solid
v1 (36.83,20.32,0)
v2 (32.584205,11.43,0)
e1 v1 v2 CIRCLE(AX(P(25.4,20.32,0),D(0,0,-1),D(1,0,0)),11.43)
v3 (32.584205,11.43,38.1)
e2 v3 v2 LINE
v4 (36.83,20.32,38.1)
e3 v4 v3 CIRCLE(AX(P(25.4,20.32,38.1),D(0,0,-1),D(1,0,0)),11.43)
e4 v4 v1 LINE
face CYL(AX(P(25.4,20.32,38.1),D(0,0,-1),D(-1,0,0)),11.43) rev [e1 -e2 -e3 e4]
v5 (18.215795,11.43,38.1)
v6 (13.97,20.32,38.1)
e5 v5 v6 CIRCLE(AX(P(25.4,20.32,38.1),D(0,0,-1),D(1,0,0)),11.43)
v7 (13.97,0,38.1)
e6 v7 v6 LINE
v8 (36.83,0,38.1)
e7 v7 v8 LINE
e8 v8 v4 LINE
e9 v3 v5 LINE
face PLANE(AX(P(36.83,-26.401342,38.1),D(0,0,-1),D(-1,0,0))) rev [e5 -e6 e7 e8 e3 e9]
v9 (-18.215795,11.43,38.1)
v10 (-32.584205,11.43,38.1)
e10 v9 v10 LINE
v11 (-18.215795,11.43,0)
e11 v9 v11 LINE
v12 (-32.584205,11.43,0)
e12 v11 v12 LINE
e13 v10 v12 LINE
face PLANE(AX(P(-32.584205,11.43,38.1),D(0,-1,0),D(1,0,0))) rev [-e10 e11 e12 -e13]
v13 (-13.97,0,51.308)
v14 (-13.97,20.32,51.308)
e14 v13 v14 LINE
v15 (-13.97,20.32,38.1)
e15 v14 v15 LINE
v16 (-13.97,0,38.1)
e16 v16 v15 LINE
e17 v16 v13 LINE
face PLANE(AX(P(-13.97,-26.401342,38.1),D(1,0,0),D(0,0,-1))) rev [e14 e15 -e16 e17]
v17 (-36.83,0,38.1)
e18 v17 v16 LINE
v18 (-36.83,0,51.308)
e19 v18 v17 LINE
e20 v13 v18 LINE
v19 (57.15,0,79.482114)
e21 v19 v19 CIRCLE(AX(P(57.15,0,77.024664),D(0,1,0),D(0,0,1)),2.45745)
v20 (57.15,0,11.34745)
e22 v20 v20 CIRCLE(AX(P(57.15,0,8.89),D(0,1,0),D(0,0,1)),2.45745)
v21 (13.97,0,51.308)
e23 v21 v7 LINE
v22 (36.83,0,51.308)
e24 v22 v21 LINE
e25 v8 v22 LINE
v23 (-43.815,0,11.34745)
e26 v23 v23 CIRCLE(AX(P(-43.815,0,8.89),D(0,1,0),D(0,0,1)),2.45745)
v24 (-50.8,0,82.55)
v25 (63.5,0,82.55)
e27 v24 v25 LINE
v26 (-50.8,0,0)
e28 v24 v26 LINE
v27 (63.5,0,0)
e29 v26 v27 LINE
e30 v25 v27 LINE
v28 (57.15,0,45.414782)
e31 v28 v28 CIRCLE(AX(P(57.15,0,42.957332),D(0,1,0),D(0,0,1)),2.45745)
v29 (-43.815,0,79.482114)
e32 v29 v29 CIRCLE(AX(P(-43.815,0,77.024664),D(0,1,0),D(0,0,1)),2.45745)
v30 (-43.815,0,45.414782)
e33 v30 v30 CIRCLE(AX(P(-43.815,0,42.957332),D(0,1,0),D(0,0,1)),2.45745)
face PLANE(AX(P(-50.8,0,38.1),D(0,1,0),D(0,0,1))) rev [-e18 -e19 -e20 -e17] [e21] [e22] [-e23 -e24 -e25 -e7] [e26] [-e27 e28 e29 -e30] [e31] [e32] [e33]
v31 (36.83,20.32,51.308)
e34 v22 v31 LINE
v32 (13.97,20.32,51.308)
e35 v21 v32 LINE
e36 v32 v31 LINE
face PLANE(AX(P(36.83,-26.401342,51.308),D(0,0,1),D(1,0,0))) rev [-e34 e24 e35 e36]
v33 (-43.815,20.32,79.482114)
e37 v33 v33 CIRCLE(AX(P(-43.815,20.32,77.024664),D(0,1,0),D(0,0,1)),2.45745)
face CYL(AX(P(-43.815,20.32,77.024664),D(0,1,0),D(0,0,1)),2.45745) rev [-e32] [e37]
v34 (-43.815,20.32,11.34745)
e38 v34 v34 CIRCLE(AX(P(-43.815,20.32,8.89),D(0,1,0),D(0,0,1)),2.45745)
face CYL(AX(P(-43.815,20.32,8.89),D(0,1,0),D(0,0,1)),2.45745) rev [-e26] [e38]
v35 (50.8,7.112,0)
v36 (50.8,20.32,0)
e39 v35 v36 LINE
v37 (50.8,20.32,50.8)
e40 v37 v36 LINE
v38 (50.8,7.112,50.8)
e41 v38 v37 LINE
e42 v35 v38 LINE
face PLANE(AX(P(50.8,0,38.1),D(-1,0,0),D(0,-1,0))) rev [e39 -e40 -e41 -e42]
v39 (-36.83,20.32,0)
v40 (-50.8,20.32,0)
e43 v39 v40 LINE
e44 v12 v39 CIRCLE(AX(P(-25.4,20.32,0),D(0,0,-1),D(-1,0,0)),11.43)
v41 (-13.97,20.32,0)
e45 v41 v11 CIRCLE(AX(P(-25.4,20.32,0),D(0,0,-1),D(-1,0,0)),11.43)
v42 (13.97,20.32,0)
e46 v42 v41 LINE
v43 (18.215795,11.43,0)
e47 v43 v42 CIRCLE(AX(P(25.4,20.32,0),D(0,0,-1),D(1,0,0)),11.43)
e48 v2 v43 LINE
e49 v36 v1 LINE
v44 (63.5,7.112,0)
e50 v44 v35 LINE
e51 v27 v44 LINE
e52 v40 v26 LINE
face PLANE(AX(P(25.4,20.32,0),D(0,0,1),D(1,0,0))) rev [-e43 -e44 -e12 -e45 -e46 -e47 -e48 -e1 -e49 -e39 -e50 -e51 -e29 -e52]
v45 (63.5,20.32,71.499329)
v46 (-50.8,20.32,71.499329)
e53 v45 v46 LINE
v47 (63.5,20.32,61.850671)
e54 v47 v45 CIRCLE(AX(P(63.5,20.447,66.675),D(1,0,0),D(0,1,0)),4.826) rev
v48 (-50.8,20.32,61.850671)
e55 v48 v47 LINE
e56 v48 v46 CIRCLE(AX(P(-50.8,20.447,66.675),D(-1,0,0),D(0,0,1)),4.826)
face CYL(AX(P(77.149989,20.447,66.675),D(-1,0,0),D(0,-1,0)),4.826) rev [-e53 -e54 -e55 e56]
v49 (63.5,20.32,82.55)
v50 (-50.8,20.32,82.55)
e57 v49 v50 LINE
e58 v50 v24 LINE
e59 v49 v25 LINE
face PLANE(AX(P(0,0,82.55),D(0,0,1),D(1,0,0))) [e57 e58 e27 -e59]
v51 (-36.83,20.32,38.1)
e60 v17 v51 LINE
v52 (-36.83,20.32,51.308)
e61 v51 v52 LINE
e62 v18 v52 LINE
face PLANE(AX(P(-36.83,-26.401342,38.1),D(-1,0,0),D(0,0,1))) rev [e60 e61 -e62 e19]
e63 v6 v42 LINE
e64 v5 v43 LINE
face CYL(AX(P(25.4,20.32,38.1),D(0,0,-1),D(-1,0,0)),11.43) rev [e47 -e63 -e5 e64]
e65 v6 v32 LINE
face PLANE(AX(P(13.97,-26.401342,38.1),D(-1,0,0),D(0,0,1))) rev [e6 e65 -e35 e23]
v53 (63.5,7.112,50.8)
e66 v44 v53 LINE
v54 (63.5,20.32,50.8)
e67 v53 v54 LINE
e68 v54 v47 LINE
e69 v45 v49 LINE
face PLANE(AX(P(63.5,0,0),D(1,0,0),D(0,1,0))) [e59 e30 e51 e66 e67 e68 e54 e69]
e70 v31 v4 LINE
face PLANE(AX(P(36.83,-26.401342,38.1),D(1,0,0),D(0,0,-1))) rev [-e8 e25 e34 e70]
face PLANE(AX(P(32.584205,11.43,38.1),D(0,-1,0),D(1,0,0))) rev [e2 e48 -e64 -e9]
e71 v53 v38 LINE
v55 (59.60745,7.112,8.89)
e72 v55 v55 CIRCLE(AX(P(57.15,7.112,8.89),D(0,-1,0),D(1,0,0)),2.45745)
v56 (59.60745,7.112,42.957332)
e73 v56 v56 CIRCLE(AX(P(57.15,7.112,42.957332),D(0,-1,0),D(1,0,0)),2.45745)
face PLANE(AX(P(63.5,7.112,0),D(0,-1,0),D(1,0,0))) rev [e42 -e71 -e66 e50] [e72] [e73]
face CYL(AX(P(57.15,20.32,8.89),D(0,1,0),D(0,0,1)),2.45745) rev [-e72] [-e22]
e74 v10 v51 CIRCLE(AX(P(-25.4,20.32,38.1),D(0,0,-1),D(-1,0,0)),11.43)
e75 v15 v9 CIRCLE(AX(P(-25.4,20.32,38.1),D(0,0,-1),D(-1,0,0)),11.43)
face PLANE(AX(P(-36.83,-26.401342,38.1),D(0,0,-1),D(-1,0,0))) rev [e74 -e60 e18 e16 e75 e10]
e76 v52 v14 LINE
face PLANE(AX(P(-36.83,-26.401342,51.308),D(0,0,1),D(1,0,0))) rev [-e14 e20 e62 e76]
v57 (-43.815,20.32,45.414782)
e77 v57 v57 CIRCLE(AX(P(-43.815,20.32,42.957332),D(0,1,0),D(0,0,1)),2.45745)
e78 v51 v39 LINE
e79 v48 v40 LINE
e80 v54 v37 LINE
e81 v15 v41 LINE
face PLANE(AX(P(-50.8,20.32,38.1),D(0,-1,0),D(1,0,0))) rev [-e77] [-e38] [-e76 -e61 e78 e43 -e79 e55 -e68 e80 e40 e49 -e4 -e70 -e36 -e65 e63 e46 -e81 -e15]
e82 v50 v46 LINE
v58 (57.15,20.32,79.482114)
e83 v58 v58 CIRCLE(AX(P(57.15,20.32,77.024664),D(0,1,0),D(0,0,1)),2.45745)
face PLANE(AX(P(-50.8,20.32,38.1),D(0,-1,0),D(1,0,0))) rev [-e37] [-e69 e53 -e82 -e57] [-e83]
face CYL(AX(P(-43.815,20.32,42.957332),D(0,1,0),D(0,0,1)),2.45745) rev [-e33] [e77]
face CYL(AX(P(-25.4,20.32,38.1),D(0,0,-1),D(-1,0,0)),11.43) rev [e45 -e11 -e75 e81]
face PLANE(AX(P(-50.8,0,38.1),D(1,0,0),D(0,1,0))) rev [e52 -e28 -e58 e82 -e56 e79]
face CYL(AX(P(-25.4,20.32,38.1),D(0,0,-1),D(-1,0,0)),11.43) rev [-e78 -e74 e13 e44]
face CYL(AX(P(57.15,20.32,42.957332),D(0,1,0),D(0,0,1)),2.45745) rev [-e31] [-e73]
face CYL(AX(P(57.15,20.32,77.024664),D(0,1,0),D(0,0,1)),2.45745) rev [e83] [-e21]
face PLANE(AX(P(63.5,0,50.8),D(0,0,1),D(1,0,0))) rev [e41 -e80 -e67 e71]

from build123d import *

# Parameters (mm, degrees)
BOSS_EXTRUDE1_DEPTH  = 38.1
SKETCH7_W            = 101.6
SKETCH7_H            = 20.32
BOSS_EXTRUDE2_DEPTH  = 44.45
BOSS_EXTRUDE8_DEPTH  = 12.7
SKETCH8_W            = 22.86
SKETCH8_H            = 13.208
CUT_EXTRUDE1_DEPTH   = 20.32
SKETCH9_R            = 4.826
CUT_EXTRUDE2_DEPTH   = 114.3
LPATTERN1_COUNT      = 3
LPATTERN1_PITCH      = 34.067332164
LPATTERN1_COUNT_DIR2 = 2
LPATTERN1_PITCH_DIR2 = 100.965


with BuildPart() as part:
    # Sketch1 → Boss-Extrude1 (new body)
    with BuildSketch(Plane.XY):
        with BuildLine():
            Line((-50.8, 0), (50.8, 0))
            Line((50.8, 0), (50.8, 20.32))
            Line((50.8, 20.32), (36.83, 20.32))
            ThreePointArc((36.83, 20.32), (35.714076836, 15.394076836), (32.584204897, 11.43))
            Line((32.584204897, 11.43), (18.215795103, 11.43))
            ThreePointArc((18.215795103, 11.43), (15.085923164, 15.394076836), (13.97, 20.32))
            Line((13.97, 20.32), (-13.97, 20.32))
            ThreePointArc((-13.97, 20.32), (-15.085923164, 15.394076836), (-18.215795103, 11.43))
            Line((-18.215795103, 11.43), (-32.584204897, 11.43))
            ThreePointArc((-32.584204897, 11.43), (-35.714076836, 15.394076836), (-36.83, 20.32))
            Line((-36.83, 20.32), (-50.8, 20.32))
            Line((-50.8, 20.32), (-50.8, 0))
        make_face()
    extrude(amount=BOSS_EXTRUDE1_DEPTH)

    # Sketch7 → Boss-Extrude2 (add)
    with BuildSketch(Plane.XY.offset(38.1)):
        with Locations((0, 10.16)):
            Rectangle(SKETCH7_W, SKETCH7_H)
    extrude(amount=BOSS_EXTRUDE2_DEPTH)

    # Sketch20 → Boss-Extrude8 (add)
    with BuildSketch(Plane(origin=(50.8, 0, 0), x_dir=(0, 0, -1), z_dir=(1, 0, 0))):
        Polygon((-50.8, 0), (0, 0), (0, 7.112), (-50.8, 7.112), (-50.8, 20.32), (-82.55, 20.32), (-82.55, 3.874334441), (-82.55, 0), align=None)
    extrude(amount=BOSS_EXTRUDE8_DEPTH)

    # Sketch8 → Cut-Extrude1 (cut)
    with BuildSketch(Plane(origin=(0, 20.32, 0), x_dir=(1, 0, 0), z_dir=(0, 1, 0))):
        with Locations((-25.4, -44.704)):
            Rectangle(SKETCH8_W, SKETCH8_H)
        with Locations((25.4, -44.704)):
            Rectangle(SKETCH8_W, SKETCH8_H)
    extrude(amount=-CUT_EXTRUDE1_DEPTH, mode=Mode.SUBTRACT)

    # Sketch5 → #10 (0.1935) Diameter Hole1 (revolve, cut)
    with BuildSketch(Plane(origin=(-43.815, 20.32, 8.89), x_dir=(0, 0, 1), z_dir=(1, 0, 0))):
        Polygon((0, 0), (0, 25.4), (2.45745, 23.923415072), (2.45745, 0), align=None)
    f_10_0_1935_diameter_hole1 = revolve(axis=Axis((-43.815, 26.67, 8.89), (0, -1, 0)), mode=Mode.SUBTRACT)

    # Sketch9 → Cut-Extrude2 (cut)
    with BuildSketch(Plane.ZY.offset(50.8)):
        with Locations((66.675, 20.447)):
            Circle(SKETCH9_R)
    extrude(amount=-CUT_EXTRUDE2_DEPTH, mode=Mode.SUBTRACT)

    # LPattern1: 10 _0.1935_ Diameter Hole1 3 × 2
    with Locations(*[(j * LPATTERN1_PITCH_DIR2, 0, i * LPATTERN1_PITCH) for i in range(LPATTERN1_COUNT) for j in range(LPATTERN1_COUNT_DIR2) if (i, j) != (0, 0)]):
        add(f_10_0_1935_diameter_hole1, mode=Mode.SUBTRACT)


solid = part.part
